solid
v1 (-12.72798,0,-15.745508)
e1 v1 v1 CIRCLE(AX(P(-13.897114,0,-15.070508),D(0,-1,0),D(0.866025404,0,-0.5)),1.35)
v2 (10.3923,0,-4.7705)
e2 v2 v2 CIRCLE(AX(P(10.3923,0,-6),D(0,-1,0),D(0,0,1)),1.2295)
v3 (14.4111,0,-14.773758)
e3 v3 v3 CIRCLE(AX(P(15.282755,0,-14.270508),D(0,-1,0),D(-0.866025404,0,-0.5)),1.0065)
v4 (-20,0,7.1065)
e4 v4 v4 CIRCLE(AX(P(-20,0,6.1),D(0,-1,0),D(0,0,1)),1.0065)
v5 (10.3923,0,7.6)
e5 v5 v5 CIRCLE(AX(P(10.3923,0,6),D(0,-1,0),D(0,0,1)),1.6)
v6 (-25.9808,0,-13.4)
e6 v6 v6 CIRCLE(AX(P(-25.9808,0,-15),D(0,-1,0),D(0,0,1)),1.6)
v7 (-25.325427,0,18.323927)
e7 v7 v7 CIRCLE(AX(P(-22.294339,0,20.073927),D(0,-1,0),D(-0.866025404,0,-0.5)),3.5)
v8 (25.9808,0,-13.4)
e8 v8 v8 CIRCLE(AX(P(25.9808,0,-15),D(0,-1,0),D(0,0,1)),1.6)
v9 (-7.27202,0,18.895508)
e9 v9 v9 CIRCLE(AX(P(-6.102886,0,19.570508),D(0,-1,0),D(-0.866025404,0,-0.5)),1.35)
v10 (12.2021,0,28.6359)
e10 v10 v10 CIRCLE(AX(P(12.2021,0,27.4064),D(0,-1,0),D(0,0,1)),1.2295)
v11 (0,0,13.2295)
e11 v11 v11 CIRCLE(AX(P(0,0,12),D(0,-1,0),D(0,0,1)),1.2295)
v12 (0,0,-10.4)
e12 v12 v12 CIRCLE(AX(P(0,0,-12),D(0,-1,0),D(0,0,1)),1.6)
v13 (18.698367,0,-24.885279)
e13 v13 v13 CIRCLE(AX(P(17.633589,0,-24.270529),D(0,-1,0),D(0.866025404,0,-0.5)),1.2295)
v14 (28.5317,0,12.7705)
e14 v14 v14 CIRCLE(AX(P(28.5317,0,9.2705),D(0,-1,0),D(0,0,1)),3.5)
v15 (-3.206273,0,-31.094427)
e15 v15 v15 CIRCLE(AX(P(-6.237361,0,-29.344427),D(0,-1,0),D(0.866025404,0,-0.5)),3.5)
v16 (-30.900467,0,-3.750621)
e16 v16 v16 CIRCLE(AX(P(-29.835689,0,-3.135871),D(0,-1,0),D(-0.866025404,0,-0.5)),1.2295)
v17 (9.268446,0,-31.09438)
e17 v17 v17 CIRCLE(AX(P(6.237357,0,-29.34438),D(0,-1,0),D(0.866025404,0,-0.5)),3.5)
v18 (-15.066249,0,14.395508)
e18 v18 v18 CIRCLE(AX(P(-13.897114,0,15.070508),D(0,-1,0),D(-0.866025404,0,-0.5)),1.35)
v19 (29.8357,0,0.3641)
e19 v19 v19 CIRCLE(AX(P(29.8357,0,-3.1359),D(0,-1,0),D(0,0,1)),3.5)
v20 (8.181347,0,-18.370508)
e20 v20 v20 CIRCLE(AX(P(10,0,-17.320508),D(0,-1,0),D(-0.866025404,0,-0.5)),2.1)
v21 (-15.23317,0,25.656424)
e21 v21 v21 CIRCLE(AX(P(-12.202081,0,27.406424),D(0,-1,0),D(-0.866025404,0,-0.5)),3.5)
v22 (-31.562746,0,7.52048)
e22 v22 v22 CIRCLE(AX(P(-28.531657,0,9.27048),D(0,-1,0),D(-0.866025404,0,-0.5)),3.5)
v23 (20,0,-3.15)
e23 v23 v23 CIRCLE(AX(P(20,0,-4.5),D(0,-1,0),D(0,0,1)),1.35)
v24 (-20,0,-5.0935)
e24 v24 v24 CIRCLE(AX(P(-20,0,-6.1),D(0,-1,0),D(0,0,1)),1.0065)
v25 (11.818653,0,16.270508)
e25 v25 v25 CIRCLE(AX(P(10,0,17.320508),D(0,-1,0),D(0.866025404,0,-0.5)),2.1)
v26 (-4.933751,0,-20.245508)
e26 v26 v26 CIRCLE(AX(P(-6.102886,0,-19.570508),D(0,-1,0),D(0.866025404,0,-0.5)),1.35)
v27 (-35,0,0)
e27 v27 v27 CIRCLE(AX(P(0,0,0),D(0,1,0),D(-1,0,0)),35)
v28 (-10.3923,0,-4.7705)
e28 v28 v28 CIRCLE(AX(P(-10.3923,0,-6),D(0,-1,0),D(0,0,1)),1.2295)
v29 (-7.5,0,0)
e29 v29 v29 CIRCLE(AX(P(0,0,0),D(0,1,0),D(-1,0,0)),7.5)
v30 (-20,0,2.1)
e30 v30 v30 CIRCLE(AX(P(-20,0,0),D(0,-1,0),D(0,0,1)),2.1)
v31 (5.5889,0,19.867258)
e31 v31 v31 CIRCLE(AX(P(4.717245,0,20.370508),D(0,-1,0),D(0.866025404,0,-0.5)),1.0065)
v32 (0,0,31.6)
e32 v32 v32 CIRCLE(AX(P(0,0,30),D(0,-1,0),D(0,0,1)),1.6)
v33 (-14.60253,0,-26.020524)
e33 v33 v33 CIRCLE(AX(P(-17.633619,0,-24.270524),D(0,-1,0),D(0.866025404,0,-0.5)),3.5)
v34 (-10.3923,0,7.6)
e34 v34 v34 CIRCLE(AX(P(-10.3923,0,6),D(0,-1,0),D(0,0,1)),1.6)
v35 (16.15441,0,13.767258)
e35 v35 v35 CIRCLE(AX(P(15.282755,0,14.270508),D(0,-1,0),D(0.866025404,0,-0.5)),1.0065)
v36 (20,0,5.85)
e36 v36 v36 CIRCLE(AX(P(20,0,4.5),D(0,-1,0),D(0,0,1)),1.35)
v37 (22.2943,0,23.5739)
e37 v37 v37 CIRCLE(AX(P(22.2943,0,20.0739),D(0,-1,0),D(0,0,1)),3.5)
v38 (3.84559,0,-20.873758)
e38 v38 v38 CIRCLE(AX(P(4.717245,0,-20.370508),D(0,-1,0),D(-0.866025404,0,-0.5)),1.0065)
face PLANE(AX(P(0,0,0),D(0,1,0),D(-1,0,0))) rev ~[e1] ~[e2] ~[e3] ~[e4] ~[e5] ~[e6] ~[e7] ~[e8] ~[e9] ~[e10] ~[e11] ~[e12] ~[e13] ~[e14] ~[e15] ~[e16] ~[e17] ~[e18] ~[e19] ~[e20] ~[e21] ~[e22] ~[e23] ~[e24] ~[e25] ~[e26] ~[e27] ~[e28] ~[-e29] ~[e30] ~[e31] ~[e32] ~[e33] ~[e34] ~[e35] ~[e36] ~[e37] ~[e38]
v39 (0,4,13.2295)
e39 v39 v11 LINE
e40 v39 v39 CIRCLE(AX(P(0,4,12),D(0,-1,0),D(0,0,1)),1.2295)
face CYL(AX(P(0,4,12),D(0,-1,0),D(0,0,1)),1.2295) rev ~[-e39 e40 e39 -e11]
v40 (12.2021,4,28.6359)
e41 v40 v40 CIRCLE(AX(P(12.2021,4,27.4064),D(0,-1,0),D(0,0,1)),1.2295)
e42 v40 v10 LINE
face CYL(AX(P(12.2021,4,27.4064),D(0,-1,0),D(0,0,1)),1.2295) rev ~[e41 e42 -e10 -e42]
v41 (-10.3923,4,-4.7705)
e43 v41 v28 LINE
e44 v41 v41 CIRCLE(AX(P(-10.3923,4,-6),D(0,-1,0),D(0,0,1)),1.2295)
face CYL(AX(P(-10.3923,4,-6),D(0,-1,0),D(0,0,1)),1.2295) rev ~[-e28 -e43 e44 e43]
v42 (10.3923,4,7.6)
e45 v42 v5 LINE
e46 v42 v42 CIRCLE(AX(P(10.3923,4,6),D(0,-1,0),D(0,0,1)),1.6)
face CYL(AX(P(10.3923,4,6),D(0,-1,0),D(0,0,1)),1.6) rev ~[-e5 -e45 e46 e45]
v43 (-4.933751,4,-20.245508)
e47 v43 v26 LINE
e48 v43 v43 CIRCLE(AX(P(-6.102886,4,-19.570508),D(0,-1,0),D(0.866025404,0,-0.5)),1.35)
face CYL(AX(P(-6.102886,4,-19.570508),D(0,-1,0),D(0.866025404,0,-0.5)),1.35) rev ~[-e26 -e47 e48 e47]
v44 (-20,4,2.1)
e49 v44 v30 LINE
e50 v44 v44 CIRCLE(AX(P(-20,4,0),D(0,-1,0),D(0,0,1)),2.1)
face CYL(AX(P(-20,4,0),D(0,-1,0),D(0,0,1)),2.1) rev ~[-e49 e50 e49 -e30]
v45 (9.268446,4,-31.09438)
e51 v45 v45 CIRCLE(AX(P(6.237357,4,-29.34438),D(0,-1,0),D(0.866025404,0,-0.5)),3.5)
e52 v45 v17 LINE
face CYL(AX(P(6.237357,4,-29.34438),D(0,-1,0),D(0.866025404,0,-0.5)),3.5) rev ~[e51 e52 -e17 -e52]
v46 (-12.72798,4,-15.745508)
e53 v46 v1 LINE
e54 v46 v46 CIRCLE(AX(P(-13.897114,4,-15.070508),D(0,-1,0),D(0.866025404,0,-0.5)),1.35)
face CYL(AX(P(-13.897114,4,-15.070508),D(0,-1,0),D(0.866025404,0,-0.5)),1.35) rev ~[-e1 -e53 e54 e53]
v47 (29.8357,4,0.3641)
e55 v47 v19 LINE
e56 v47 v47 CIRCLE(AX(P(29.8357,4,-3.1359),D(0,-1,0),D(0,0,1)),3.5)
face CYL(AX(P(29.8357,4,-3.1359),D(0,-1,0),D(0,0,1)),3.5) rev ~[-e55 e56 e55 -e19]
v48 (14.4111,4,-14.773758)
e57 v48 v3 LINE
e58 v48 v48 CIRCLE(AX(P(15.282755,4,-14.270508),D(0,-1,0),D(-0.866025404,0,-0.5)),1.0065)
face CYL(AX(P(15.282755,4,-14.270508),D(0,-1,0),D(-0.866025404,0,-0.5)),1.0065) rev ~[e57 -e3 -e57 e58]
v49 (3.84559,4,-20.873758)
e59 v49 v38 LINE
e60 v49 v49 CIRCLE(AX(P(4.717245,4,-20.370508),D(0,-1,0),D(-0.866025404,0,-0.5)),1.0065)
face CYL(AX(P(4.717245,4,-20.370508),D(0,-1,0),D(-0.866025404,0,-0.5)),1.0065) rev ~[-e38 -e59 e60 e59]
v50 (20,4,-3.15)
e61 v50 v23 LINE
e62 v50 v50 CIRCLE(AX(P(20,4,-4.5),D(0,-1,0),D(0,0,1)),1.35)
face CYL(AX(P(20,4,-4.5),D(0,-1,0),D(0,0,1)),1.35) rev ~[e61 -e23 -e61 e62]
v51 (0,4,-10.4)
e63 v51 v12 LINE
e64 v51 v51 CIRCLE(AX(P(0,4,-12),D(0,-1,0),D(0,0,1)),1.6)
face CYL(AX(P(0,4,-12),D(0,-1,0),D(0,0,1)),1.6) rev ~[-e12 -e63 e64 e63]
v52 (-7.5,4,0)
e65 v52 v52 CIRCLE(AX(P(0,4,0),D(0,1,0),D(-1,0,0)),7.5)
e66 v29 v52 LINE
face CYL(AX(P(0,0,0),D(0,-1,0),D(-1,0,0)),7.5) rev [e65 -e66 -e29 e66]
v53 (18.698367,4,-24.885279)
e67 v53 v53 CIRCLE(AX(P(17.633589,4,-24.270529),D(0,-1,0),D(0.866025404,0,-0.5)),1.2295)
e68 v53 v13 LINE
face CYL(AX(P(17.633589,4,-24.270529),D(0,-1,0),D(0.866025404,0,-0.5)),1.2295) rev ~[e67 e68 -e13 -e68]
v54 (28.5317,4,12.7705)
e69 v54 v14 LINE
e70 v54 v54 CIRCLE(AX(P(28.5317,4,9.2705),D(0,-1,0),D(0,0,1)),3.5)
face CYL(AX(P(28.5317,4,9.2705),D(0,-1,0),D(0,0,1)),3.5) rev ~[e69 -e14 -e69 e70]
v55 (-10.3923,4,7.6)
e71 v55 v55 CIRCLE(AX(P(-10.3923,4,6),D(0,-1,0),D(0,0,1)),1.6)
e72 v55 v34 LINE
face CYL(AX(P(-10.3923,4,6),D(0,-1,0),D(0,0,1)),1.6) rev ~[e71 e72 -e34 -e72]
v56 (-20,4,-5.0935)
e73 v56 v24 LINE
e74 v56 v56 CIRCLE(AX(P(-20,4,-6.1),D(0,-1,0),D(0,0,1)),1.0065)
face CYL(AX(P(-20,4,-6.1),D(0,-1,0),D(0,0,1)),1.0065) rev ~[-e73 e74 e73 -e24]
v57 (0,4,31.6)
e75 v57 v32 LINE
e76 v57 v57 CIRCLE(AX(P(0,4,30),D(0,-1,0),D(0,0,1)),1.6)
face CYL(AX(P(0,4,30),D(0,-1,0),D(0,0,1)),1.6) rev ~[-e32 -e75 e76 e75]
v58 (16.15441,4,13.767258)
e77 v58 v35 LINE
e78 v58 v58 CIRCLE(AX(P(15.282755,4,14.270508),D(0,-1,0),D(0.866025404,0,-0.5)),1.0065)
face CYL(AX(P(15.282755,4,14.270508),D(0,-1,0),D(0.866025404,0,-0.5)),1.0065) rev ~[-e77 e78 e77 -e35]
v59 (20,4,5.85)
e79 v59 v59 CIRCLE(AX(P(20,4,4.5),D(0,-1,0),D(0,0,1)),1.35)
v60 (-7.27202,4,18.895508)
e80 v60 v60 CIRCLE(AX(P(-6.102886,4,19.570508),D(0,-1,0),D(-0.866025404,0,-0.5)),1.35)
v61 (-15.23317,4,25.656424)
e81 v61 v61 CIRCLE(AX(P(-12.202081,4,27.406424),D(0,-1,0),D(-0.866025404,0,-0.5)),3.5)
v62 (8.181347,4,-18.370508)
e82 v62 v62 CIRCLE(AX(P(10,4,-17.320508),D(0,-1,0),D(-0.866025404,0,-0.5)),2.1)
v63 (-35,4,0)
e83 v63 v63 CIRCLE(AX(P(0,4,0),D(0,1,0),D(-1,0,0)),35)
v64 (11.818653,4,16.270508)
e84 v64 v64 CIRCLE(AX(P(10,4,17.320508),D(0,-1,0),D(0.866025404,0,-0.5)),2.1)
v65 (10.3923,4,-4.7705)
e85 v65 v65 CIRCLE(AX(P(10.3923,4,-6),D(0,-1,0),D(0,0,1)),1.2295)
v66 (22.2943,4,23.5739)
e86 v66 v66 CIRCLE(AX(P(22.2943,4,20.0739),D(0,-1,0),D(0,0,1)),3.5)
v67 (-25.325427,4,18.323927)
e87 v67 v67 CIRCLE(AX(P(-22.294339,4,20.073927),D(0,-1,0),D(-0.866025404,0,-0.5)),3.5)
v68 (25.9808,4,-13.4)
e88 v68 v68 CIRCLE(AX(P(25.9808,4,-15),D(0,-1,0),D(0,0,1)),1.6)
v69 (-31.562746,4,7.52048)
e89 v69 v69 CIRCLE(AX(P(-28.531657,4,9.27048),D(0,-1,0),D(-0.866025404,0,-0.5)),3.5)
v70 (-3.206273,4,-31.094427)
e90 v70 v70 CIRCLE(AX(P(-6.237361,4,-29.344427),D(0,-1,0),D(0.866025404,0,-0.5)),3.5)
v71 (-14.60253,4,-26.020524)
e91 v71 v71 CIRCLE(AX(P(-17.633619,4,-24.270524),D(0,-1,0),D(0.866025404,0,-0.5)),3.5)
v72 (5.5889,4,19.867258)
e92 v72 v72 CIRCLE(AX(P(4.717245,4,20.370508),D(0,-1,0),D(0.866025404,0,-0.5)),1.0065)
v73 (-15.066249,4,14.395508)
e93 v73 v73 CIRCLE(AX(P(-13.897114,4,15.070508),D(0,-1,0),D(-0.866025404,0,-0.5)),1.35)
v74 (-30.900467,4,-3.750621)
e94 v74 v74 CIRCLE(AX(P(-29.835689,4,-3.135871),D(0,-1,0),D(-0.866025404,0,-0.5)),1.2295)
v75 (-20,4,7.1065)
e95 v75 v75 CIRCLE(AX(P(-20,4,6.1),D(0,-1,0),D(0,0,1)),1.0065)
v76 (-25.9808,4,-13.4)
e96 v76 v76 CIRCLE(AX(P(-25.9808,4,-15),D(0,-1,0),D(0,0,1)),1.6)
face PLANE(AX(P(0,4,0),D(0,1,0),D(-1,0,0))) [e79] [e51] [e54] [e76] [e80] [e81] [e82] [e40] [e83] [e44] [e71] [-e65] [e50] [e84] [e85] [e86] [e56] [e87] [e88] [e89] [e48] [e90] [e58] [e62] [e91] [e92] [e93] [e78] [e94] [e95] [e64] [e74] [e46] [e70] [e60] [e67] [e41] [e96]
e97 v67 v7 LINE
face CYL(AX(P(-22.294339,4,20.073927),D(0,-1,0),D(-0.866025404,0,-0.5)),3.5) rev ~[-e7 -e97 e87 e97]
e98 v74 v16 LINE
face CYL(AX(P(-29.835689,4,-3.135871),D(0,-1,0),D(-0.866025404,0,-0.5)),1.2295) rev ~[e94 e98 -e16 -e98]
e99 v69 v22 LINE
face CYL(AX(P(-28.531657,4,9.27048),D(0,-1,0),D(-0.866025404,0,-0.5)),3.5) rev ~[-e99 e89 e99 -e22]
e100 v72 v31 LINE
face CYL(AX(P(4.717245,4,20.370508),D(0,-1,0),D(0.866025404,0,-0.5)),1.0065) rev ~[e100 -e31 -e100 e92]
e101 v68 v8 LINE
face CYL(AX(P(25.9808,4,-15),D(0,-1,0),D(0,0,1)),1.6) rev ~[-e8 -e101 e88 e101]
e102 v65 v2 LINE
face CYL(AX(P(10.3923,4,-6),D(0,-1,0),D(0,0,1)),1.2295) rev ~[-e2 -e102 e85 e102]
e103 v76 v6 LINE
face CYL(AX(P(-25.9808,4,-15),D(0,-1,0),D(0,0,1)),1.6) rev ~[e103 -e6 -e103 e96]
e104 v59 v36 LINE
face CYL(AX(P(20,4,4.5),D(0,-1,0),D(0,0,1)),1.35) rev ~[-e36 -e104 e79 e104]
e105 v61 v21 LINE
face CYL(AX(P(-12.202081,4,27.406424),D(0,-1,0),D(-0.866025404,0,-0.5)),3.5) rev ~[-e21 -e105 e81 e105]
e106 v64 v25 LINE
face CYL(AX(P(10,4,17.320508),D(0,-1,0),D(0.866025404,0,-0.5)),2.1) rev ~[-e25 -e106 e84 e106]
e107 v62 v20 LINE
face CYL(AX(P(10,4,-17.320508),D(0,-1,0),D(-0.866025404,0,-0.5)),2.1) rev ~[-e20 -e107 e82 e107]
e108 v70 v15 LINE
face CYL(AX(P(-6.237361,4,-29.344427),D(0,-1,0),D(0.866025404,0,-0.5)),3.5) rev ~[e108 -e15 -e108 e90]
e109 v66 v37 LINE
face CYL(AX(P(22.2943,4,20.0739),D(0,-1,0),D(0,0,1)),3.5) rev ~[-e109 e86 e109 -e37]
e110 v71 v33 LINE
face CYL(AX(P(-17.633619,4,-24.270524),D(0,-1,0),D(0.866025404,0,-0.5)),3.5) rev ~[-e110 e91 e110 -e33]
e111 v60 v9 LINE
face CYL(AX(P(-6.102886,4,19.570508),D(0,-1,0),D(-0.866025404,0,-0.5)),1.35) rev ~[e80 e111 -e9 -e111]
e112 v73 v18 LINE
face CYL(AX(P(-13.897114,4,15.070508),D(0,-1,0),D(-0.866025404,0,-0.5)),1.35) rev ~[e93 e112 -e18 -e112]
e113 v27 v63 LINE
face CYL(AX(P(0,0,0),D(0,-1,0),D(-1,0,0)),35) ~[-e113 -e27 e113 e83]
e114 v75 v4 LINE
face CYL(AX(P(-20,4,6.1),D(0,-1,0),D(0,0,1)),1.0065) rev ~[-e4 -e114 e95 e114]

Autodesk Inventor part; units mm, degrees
ref_plane "YZ Plane" through (0, 0, 0) normal (1, 0, 0) x (0, 1, 0)
ref_plane "XZ Plane" through (0, 0, 0) normal (0, 1, 0) x (-1, 0, 0)
ref_plane "XY Plane" through (0, 0, 0) normal (0, 0, 1) x (1, 0, 0)
sketch "Sketch1" plane through (0, 0, 0) normal (0, 1, 0) x (-1, 0, 0)
  circle A0 centre (0, 0) radius 35
  circle A1 centre (0, 0) radius 7.5
  dimension "d0" = 70
  dimension "d129" = 15
extrude "Extrusion1" add sketch "Sketch1" along normal blind 4
sketch "Sketch2" plane through (0, 4, 0) normal (0, 1, 0) x (1, 0, 0)
  circle A0 centre (0, 0) radius 30 construction
  point P0 (0, -30)
  point P1 (-25.9808, 15)
  point P2 (25.9808, 15)
  dimension "d130" = 60
  dimension "d131" = 120
  dimension "d132" = 120
hole "Hole1" at (-25.9808, 4, -15) at (25.9808, 4, -15) at (0, 4, 30) direction (0, -1, 0) diameter 3.2 end through all
sketch "Sketch16" plane through (0, 4, 0) normal (0, 1, 0) x (1, 0, 0)
  circle A0 centre (0, 0) radius 12 construction
  point P0 (0, -12)
  point P1 (-10.3923, 6)
  point P2 (10.3923, 6)
  dimension "d155" = 24
  dimension "d156" = 120
  dimension "d157" = 120
hole "Hole14" at (0, 4, 12) at (-10.3923, 4, -6) at (10.3923, 4, -6) direction (0, -1, 0) diameter 2.459 end through all thread size "M3x0.5" class "6H" standard "ISO Metric profile"
sketch "Sketch17" plane through (0, 4, 0) normal (0, 1, 0) x (1, 0, 0)
  circle A0 centre (0, 0) radius 12 construction
  point P0 (0, 12)
  point P1 (-10.3923, -6)
  point P2 (10.3923, -6)
  dimension "d165" = 24
  dimension "d166" = 120
  dimension "d167" = 120
hole "Hole15" at (0, 4, -12) at (-10.3923, 4, 6) at (10.3923, 4, 6) direction (0, -1, 0) diameter 3.2 end through all
sketch "Sketch18" plane through (0, 4, 0) normal (0, 1, 0) x (1, 0, 0)
  point P0 (0, 0)
  point P1 (20, 4.5)
  point P2 (20, -4.5)
  dimension "d175" = 9
  dimension "d176" = 4.5
  dimension "d177" = 20
hole "Hole16" at (20, 4, -4.5) at (20, 4, 4.5) direction (0, -1, 0) diameter 2.7 end through all
sketch "Sketch23" plane through (0, 4, 0) normal (0, 1, 0) x (1, 0, 0)
  point P0 (0, 0)
  point P1 (-20, 0)
  dimension "d238" = 20
hole "Hole21" at (-20, 4, 0) direction (0, -1, 0) diameter 4.2 end through all
sketch "Sketch24" plane through (0, 4, 0) normal (0, 1, 0) x (1, 0, 0)
  circle A0 centre (-20, 0) radius 2.1 projected
  point P0 (0, 0)
  point P1 (-20, 6.1)
  point P2 (-20, -6.1)
  dimension "d246" = 12.2
  dimension "d247" = 6.1
hole "Hole22" at (-20, 4, -6.1) at (-20, 4, 6.1) direction (0, -1, 0) diameter 2.013 end through all thread size "M2.5x0.45" class "6H" standard "ANSI Metric M Profile"
pattern_circular "Circular Pattern6" count 3 over 360 about axis through (0, 0, 0) along (0, 1, 0) of "Hole21", "Hole22"
pattern_circular "Circular Pattern7" count 3 over 360 about axis through (0, 0, 0) along (0, 1, 0) of "Hole16"
sketch "Sketch25" plane through (0, 4, 0) normal (0, 1, 0) x (1, 0, 0)
  circle A0 centre (0, 0) radius 30 construction
  circle A1 centre (0, -30) radius 1.6 projected
  point P0 (12.2021, -27.4064)
  point P1 (22.2943, -20.0739)
  point P2 (28.5317, -9.2705)
  point P3 (29.8357, 3.1359)
  dimension "d261" = 60
  dimension "d262" = 24
  dimension "d263" = 24
  dimension "d264" = 24
  dimension "d275" = 24
hole "Hole23" at (22.2943, 4, 20.0739) at (28.5317, 4, 9.2705) at (29.8357, 4, -3.1359) direction (0, -1, 0) diameter 7 end through all
pattern_circular "Circular Pattern8" count 3 over 360 about axis through (0, 0, 0) along (0, 1, 0) of "Hole23"
sketch "Sketch26" plane through (0, 4, 0) normal (0, 1, 0) x (1, 0, 0)
  circle A0 centre (22.2943, -20.0739) radius 3.5 projected
  point P0 (0, 0)
  point P1 (12.2021, -27.4064)
  dimension "d276" = 30
  dimension "d277" = 24
hole "Hole24" at (12.2021, 4, 27.4064) direction (0, -1, 0) diameter 2.459 end through all thread size "M3x0.5" class "6H" standard "ISO Metric profile"
pattern_circular "Circular Pattern9" count 3 over 360 about axis through (0, 0, 0) along (0, 1, 0) of "Hole24"
equation "\"d176\" = 0.5 * d175"
equation "\"d247\" = 0.5 * d246"
properties part number "torsosc-frame-plate-v3" material "Copper"
